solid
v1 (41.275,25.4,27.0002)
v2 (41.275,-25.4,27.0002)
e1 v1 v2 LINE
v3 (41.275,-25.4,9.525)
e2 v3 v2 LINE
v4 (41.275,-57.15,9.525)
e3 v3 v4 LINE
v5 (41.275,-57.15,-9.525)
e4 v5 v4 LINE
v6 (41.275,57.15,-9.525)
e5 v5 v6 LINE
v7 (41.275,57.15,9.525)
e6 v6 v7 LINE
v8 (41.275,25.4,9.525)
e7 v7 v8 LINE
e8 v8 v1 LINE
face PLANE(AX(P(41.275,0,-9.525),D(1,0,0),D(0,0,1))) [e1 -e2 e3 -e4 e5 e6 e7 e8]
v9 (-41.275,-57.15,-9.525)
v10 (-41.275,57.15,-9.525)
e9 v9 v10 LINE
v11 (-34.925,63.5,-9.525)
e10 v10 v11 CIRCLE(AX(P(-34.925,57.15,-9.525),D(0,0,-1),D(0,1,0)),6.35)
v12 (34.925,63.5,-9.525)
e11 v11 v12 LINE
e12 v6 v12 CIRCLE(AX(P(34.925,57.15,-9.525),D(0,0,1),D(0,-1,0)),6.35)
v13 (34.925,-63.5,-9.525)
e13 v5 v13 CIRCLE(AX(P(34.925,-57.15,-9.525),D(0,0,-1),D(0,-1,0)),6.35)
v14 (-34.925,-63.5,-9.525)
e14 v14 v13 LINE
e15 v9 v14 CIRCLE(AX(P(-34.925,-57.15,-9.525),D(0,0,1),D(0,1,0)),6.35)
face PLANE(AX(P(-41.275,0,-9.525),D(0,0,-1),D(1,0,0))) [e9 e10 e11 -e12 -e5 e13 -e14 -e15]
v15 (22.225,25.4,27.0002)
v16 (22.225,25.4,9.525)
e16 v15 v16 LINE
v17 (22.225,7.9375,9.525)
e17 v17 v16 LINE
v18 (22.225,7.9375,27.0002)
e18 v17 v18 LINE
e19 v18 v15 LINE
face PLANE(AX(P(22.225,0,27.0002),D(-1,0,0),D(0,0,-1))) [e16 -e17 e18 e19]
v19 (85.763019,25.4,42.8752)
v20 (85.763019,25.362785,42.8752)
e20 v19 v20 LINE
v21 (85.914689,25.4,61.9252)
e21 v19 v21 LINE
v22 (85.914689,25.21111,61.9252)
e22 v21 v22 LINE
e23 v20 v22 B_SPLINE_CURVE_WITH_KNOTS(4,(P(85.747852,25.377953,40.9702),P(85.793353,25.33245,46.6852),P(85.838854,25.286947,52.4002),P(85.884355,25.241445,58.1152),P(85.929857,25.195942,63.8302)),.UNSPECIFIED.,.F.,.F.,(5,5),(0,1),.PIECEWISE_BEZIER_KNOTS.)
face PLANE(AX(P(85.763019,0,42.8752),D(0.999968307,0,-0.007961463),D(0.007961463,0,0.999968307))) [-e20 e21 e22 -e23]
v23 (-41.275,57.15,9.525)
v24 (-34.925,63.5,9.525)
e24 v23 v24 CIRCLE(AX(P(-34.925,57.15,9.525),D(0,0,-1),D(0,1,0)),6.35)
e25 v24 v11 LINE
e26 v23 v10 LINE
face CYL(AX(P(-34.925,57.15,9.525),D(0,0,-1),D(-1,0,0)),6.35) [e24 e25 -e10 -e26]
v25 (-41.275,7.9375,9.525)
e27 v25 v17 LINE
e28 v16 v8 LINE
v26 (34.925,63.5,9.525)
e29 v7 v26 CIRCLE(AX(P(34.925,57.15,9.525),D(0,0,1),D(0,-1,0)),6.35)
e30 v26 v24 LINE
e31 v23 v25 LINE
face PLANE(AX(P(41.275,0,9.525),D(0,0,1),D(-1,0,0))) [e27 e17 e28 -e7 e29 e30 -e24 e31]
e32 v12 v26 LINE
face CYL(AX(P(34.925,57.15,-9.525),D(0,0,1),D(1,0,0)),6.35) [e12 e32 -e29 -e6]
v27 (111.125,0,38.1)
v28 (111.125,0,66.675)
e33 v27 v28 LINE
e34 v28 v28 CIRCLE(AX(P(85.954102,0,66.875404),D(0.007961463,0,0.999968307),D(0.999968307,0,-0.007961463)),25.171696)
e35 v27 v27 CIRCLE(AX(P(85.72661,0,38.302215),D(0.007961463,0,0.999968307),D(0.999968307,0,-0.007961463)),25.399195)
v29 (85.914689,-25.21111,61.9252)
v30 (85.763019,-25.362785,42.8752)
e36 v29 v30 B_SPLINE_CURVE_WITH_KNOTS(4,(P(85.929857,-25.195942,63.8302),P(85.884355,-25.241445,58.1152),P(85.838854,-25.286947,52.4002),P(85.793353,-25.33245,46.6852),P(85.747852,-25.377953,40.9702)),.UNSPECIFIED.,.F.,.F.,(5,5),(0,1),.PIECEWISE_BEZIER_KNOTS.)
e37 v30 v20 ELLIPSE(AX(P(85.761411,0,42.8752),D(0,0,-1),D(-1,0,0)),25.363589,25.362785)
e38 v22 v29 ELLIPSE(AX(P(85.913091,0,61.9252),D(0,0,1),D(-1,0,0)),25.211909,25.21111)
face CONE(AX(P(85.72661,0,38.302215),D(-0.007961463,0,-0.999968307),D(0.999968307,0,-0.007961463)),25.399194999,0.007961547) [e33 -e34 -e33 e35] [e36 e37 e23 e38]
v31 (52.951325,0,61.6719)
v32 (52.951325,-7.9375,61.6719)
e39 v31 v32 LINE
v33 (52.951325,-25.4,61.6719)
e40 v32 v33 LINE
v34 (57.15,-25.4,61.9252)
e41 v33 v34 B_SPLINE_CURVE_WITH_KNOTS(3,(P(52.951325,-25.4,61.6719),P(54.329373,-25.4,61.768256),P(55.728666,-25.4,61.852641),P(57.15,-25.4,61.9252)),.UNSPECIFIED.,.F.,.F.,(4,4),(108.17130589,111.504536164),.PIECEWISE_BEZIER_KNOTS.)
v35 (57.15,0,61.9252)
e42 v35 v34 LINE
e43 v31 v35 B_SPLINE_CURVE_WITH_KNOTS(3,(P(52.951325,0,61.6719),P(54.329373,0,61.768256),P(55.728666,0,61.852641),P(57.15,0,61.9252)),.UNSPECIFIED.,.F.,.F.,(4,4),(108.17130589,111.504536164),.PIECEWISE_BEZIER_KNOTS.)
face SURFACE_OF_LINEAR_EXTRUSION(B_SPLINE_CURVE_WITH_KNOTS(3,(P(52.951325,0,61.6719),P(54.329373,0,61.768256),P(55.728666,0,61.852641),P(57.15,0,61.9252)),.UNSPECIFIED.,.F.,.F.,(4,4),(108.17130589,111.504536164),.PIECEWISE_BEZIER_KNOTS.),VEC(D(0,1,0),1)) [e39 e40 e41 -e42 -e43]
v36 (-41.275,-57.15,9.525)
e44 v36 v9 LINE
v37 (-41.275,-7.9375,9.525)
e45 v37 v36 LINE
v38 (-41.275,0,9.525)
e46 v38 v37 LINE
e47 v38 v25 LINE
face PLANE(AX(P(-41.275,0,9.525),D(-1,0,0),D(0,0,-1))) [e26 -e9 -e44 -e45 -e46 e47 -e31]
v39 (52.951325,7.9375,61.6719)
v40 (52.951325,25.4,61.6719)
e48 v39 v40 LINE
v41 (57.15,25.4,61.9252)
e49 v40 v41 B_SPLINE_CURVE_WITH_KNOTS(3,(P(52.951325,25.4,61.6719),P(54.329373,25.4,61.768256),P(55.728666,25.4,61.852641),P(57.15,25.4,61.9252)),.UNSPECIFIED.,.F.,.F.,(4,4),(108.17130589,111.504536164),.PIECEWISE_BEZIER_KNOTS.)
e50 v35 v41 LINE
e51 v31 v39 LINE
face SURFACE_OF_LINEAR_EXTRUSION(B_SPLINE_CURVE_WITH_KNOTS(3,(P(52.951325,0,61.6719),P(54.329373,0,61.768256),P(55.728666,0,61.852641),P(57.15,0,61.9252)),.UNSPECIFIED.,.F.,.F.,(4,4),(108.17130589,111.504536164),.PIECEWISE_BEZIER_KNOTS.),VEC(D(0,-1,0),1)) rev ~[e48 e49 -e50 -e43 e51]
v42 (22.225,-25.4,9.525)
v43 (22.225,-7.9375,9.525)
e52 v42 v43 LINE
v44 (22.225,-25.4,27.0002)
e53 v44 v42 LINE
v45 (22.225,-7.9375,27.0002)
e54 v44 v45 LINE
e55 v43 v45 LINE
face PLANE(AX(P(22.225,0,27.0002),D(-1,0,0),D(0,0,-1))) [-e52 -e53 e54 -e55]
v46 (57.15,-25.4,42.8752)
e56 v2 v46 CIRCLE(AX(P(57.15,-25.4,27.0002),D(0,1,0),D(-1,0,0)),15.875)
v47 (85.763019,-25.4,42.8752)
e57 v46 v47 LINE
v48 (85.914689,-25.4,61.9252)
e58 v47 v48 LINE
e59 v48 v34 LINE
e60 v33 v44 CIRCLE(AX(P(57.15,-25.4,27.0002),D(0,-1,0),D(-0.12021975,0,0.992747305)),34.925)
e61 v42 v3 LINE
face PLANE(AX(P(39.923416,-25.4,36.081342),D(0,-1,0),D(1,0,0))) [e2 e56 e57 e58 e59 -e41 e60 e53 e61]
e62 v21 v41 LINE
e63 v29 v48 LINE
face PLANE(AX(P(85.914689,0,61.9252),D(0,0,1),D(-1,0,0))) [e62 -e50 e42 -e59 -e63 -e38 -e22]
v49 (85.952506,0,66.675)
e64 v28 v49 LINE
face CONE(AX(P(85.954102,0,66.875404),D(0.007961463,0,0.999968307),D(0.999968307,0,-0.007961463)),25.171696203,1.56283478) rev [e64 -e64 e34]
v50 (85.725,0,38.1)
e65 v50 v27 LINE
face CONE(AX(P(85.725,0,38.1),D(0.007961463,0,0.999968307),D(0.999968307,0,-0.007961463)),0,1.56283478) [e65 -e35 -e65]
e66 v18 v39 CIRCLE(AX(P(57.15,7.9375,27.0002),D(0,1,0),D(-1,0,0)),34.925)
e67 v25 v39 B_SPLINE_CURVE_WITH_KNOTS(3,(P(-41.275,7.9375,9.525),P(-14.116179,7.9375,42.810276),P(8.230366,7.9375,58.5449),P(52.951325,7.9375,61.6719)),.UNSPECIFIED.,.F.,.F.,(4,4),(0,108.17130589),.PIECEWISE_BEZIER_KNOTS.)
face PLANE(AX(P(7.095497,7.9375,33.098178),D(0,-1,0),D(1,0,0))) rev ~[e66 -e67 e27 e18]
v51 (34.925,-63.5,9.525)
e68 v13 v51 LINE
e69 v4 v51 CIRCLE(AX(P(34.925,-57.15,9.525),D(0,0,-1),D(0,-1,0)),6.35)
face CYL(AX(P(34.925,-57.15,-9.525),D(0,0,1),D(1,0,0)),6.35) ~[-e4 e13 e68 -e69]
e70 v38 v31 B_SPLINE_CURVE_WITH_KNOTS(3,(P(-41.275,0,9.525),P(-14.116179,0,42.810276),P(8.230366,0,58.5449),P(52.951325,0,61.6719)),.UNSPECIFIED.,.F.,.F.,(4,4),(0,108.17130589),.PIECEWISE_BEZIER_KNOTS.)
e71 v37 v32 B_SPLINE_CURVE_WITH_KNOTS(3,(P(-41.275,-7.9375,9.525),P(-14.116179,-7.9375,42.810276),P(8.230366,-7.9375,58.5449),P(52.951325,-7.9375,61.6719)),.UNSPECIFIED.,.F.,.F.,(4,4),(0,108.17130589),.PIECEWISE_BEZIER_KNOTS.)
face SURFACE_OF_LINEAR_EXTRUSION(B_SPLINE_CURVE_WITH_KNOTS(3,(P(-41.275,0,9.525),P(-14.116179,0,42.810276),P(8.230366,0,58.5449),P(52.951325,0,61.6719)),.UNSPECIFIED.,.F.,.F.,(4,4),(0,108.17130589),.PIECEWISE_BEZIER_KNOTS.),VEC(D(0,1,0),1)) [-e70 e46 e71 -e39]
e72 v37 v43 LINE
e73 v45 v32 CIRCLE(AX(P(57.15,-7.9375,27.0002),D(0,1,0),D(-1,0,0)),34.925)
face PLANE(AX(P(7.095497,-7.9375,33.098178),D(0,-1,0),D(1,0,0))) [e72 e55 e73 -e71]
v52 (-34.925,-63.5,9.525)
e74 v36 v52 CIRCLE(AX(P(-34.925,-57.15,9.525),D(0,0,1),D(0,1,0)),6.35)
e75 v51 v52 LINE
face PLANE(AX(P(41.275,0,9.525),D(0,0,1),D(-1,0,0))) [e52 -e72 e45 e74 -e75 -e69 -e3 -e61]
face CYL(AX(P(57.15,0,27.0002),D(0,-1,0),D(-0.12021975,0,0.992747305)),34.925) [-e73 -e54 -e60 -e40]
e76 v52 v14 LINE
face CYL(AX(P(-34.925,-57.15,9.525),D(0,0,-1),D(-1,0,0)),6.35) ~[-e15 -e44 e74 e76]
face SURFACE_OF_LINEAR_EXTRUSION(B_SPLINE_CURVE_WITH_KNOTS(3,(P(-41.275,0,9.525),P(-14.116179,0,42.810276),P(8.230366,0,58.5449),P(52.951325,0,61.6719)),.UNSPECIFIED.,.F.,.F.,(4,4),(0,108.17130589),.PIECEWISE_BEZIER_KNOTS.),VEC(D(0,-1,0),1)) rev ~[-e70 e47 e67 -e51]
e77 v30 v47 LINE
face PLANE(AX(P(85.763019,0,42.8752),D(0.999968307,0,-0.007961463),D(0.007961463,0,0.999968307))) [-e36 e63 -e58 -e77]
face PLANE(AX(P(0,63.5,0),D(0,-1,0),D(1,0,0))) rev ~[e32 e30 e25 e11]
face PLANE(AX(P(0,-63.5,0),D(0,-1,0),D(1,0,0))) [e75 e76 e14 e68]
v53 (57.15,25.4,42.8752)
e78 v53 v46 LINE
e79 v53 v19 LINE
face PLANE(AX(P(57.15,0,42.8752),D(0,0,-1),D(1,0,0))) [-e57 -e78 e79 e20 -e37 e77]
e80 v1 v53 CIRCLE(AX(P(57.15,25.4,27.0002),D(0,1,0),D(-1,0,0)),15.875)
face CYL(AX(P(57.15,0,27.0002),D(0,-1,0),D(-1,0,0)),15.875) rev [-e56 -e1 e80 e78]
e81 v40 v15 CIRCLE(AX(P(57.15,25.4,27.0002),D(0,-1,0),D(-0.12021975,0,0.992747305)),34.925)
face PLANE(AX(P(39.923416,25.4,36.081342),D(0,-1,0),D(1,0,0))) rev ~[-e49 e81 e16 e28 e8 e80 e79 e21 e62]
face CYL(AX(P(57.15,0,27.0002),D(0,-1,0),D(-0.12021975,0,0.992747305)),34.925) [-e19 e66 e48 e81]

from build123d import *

# Parameters (mm, degrees)
F1_DEPTH = 63.5
F2_DEPTH = 25.4
F3_DEPTH = 7.9375
F5_R     = 6.35


with BuildPart() as f1:
    # F0 (on Front) → F1 (new body, symmetric)
    with BuildSketch(Plane.XZ):
        Polygon((41.275, -9.525), (41.275, 9.525), (22.225, 9.525), (-41.275, 9.525), (-41.275, -9.525), align=None)
    extrude(amount=F1_DEPTH, both=True)

    # F0 (on Front) → F2 (join, symmetric)
    with BuildSketch(Plane.XZ):
        with BuildLine():
            Line((22.225, 9.525), (41.275, 9.525))
            Line((41.275, 9.525), (41.275, 27.0002))
            ThreePointArc((41.275, 27.0002), (45.9246798487, 38.2255201513), (57.15, 42.8752))
            Line((57.15, 42.8752), (60.325, 42.8752))
            Line((60.325, 42.8752), (60.325, 61.9252))
            Line((60.325, 61.9252), (57.15, 61.9252))
            add(Edge.make_bspline(
                [(52.9513252364, 61.6718996299), (54.3293732693, 61.7682561346), (55.728666372, 61.8526413819), (57.15, 61.9252)],
                knots=[108.1713058896, 108.1713058896, 108.1713058896, 108.1713058896, 111.5045361635, 111.5045361635, 111.5045361635, 111.5045361635], degree=3))
            ThreePointArc((52.9513252364, 61.6718996299), (31.0119593206, 50.1639314446), (22.225, 27.0002))
            Line((22.225, 27.0002), (22.225, 9.525))
        make_face()
        Polygon((60.325, 61.9252), (60.325, 42.8752), (85.7630187815, 42.8752), (85.9146894524, 61.9252), align=None)
    extrude(amount=F2_DEPTH, both=True)

    # F0 (on Front) → F3 (join, symmetric)
    with BuildSketch(Plane.XZ):
        with BuildLine():
            Line((-41.275, 9.525), (22.225, 9.525))
            Line((22.225, 9.525), (22.225, 27.0002))
            ThreePointArc((22.225, 27.0002), (31.0119593206, 50.1639314446), (52.9513252364, 61.6718996299))
            add(Edge.make_bspline(
                [(-41.275, 9.525), (-14.1161793471, 42.8102760559), (8.2303659697, 58.5449002676), (52.9513252364, 61.6718996299)],
                knots=[0, 0, 0, 0, 108.1713058896, 108.1713058896, 108.1713058896, 108.1713058896], degree=3))
        make_face()
    extrude(amount=F3_DEPTH, both=True)

    # F0 (on Front) → F4 (revolve)
    with BuildSketch(Plane.XZ):
        Polygon((85.9146894524, 61.9252), (85.7630187815, 42.8752), (85.725, 38.1), (111.125, 38.1), (111.125, 66.675), (85.9525060063, 66.675), align=None)
    revolve(axis=Axis((85.8387530032, 0, 52.3875), (0.0079614627, 0, 0.9999683071)))

    # F5
    f5_edges = [f1.edges().sort_by_distance(p)[0] for p in [
        (41.275, 63.5, 0),
        (-41.275, 63.5, 0),
        (-41.275, -63.5, 0),
        (41.275, -63.5, 0),
    ]]
    fillet(f5_edges, radius=F5_R)


solid = f1.part
